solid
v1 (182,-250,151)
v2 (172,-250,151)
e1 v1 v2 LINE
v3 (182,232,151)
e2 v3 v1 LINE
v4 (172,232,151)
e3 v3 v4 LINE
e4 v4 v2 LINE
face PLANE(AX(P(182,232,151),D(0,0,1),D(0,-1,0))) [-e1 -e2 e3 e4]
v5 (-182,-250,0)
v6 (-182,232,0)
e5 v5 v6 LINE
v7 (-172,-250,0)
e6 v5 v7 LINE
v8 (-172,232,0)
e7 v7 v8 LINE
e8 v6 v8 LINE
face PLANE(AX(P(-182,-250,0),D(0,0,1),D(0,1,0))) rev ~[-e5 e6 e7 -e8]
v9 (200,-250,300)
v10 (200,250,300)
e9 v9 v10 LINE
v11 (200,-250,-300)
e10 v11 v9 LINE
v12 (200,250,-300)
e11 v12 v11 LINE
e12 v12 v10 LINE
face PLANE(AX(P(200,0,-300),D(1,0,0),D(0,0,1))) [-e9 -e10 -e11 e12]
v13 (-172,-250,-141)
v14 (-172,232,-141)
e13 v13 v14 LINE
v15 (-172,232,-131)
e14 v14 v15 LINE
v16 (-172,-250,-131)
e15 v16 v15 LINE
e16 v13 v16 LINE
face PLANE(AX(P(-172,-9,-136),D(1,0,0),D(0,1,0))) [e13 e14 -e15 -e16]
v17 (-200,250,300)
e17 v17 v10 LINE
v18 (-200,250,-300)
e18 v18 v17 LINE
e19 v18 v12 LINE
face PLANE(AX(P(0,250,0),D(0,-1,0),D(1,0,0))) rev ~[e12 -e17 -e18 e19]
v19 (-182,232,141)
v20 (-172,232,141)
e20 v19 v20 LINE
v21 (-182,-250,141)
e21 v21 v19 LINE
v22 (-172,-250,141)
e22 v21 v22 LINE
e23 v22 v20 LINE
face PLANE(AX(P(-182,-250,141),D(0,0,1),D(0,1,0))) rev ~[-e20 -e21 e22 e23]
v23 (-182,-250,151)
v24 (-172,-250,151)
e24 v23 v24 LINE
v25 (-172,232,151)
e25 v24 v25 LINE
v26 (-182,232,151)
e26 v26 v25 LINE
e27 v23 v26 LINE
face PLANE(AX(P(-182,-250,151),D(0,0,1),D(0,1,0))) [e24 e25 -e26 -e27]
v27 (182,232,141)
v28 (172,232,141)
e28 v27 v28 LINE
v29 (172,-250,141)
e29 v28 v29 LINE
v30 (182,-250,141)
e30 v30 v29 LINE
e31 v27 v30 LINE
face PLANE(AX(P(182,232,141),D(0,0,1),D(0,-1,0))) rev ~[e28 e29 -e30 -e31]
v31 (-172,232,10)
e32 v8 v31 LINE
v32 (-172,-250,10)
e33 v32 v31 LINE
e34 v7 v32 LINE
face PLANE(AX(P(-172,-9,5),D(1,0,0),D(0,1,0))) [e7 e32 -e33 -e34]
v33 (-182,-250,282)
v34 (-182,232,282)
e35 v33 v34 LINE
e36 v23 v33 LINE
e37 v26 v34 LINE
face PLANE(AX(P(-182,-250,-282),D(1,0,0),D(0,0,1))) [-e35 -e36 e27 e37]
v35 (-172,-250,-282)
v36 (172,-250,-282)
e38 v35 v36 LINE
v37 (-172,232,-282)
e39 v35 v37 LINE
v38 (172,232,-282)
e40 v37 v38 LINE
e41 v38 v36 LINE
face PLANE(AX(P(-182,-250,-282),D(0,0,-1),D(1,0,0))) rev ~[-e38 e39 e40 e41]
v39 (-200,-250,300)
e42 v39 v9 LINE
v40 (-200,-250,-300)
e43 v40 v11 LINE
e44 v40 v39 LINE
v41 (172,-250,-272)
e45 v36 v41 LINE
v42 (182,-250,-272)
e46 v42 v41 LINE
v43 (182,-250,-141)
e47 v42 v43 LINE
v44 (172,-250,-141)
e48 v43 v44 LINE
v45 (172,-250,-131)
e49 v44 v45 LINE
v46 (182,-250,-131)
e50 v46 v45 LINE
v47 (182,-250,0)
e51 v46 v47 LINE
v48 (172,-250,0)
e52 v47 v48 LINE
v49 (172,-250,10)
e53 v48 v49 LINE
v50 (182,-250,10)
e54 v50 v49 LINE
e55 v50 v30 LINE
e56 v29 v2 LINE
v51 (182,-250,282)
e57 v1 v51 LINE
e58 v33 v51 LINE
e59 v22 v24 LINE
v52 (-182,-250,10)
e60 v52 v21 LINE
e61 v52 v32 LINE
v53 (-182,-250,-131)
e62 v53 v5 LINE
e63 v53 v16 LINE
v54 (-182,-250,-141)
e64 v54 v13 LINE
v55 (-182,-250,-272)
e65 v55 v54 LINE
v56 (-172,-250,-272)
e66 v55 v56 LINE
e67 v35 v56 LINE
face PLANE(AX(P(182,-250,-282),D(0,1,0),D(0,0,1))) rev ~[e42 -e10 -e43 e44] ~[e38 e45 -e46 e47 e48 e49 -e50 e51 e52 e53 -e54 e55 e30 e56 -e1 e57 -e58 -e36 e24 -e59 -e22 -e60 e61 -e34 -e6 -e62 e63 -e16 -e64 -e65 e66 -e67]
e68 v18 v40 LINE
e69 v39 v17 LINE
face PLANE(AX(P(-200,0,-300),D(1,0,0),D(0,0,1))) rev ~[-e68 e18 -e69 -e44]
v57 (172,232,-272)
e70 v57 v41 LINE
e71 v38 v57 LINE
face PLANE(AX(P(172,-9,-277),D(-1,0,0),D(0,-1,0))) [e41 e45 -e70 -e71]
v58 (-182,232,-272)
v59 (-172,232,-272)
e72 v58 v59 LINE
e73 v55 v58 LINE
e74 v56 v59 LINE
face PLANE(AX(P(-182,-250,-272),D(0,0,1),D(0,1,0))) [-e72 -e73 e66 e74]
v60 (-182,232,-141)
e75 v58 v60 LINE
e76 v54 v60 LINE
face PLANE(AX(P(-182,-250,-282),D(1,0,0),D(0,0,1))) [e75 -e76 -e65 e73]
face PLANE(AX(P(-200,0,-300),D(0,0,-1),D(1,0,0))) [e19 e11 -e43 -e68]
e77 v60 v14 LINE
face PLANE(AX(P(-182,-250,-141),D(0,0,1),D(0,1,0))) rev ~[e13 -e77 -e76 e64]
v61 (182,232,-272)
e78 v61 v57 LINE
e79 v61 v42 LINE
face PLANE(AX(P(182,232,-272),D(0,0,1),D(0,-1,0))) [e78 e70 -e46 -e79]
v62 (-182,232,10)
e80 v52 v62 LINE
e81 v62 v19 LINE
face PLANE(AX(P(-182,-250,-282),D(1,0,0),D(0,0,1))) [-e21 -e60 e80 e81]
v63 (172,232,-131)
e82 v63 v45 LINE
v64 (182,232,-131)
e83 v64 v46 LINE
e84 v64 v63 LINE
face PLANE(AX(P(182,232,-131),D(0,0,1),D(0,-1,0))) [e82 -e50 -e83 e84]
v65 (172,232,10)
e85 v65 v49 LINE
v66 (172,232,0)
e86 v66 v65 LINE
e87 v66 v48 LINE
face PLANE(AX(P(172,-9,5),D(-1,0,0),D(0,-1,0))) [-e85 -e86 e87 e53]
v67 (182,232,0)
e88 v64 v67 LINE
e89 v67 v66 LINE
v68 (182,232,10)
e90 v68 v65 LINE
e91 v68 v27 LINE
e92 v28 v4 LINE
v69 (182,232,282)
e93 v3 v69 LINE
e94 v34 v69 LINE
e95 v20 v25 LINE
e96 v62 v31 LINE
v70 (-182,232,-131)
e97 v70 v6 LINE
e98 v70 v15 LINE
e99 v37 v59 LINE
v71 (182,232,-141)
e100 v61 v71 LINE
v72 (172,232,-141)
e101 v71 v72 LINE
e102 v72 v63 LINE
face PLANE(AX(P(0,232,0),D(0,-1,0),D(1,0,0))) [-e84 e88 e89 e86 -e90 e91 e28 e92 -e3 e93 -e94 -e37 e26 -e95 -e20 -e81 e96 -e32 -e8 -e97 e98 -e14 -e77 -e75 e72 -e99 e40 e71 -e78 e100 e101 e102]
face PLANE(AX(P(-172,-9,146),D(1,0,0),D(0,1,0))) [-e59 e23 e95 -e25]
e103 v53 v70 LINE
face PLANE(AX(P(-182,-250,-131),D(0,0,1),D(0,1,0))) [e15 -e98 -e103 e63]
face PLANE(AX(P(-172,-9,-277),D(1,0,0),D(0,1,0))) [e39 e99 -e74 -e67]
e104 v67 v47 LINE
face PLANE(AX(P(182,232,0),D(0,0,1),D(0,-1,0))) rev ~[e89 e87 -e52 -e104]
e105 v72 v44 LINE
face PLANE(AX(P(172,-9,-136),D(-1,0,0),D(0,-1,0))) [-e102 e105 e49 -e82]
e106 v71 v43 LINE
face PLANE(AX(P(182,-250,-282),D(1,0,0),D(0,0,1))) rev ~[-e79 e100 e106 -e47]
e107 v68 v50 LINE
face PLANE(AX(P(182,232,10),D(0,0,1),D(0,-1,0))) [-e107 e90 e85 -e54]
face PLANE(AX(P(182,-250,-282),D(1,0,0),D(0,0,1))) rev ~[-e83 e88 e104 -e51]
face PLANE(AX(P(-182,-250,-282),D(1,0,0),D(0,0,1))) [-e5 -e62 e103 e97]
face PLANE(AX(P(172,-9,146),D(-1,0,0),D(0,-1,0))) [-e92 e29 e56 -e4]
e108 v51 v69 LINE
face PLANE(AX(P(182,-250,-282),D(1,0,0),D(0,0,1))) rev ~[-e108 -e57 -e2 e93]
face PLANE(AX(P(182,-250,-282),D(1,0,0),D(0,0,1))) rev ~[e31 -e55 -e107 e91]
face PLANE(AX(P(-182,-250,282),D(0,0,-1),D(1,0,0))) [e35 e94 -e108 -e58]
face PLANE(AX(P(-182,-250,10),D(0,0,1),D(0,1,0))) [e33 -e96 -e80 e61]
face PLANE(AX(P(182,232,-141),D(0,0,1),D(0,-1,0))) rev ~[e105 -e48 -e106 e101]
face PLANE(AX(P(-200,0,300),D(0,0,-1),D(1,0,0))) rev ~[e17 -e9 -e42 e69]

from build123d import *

# Parameters (mm, degrees)
F0_W     = 400
F0_H     = 600
F1_DEPTH = 250
F2_W     = 364
F2_H     = 564
F3_DEPTH = 482
F4_W     = 482
F4_H     = 10
F5_DEPTH = 10
F6_W     = 482
F6_H     = 10
F7_DEPTH = 10


with BuildPart() as f1:
    # F0 (on Front) → F1 (new body, symmetric)
    with BuildSketch(Plane.XZ):
        Rectangle(F0_W, F0_H)
    extrude(amount=F1_DEPTH, both=True)

    # F2 (on face) → F3 (cut)
    with BuildSketch(Plane.XZ.offset(250)):
        Rectangle(F2_W, F2_H)
    extrude(amount=-F3_DEPTH, mode=Mode.SUBTRACT)

    # F4 (on face) → F5 (join)
    with BuildSketch(Plane.YZ.offset(-182)):
        with Locations((-9, 146)):
            Rectangle(F4_W, F4_H)
        with Locations((-9, 5)):
            Rectangle(F4_W, F4_H)
        with Locations((-9, -136)):
            Rectangle(F4_W, F4_H)
        with Locations((-9, -277)):
            Rectangle(F4_W, F4_H)
    extrude(amount=F5_DEPTH)

    # F6 (on face) → F7 (join)
    with BuildSketch(Plane(origin=(182, 0, 0), x_dir=(0, -1, 0), z_dir=(-1, 0, 0))):
        with Locations((9, 146)):
            Rectangle(F6_W, F6_H)
        with Locations((9, 5)):
            Rectangle(F6_W, F6_H)
        with Locations((9, -136)):
            Rectangle(F6_W, F6_H)
        with Locations((9, -277)):
            Rectangle(F6_W, F6_H)
    extrude(amount=F7_DEPTH)


solid = f1.part
